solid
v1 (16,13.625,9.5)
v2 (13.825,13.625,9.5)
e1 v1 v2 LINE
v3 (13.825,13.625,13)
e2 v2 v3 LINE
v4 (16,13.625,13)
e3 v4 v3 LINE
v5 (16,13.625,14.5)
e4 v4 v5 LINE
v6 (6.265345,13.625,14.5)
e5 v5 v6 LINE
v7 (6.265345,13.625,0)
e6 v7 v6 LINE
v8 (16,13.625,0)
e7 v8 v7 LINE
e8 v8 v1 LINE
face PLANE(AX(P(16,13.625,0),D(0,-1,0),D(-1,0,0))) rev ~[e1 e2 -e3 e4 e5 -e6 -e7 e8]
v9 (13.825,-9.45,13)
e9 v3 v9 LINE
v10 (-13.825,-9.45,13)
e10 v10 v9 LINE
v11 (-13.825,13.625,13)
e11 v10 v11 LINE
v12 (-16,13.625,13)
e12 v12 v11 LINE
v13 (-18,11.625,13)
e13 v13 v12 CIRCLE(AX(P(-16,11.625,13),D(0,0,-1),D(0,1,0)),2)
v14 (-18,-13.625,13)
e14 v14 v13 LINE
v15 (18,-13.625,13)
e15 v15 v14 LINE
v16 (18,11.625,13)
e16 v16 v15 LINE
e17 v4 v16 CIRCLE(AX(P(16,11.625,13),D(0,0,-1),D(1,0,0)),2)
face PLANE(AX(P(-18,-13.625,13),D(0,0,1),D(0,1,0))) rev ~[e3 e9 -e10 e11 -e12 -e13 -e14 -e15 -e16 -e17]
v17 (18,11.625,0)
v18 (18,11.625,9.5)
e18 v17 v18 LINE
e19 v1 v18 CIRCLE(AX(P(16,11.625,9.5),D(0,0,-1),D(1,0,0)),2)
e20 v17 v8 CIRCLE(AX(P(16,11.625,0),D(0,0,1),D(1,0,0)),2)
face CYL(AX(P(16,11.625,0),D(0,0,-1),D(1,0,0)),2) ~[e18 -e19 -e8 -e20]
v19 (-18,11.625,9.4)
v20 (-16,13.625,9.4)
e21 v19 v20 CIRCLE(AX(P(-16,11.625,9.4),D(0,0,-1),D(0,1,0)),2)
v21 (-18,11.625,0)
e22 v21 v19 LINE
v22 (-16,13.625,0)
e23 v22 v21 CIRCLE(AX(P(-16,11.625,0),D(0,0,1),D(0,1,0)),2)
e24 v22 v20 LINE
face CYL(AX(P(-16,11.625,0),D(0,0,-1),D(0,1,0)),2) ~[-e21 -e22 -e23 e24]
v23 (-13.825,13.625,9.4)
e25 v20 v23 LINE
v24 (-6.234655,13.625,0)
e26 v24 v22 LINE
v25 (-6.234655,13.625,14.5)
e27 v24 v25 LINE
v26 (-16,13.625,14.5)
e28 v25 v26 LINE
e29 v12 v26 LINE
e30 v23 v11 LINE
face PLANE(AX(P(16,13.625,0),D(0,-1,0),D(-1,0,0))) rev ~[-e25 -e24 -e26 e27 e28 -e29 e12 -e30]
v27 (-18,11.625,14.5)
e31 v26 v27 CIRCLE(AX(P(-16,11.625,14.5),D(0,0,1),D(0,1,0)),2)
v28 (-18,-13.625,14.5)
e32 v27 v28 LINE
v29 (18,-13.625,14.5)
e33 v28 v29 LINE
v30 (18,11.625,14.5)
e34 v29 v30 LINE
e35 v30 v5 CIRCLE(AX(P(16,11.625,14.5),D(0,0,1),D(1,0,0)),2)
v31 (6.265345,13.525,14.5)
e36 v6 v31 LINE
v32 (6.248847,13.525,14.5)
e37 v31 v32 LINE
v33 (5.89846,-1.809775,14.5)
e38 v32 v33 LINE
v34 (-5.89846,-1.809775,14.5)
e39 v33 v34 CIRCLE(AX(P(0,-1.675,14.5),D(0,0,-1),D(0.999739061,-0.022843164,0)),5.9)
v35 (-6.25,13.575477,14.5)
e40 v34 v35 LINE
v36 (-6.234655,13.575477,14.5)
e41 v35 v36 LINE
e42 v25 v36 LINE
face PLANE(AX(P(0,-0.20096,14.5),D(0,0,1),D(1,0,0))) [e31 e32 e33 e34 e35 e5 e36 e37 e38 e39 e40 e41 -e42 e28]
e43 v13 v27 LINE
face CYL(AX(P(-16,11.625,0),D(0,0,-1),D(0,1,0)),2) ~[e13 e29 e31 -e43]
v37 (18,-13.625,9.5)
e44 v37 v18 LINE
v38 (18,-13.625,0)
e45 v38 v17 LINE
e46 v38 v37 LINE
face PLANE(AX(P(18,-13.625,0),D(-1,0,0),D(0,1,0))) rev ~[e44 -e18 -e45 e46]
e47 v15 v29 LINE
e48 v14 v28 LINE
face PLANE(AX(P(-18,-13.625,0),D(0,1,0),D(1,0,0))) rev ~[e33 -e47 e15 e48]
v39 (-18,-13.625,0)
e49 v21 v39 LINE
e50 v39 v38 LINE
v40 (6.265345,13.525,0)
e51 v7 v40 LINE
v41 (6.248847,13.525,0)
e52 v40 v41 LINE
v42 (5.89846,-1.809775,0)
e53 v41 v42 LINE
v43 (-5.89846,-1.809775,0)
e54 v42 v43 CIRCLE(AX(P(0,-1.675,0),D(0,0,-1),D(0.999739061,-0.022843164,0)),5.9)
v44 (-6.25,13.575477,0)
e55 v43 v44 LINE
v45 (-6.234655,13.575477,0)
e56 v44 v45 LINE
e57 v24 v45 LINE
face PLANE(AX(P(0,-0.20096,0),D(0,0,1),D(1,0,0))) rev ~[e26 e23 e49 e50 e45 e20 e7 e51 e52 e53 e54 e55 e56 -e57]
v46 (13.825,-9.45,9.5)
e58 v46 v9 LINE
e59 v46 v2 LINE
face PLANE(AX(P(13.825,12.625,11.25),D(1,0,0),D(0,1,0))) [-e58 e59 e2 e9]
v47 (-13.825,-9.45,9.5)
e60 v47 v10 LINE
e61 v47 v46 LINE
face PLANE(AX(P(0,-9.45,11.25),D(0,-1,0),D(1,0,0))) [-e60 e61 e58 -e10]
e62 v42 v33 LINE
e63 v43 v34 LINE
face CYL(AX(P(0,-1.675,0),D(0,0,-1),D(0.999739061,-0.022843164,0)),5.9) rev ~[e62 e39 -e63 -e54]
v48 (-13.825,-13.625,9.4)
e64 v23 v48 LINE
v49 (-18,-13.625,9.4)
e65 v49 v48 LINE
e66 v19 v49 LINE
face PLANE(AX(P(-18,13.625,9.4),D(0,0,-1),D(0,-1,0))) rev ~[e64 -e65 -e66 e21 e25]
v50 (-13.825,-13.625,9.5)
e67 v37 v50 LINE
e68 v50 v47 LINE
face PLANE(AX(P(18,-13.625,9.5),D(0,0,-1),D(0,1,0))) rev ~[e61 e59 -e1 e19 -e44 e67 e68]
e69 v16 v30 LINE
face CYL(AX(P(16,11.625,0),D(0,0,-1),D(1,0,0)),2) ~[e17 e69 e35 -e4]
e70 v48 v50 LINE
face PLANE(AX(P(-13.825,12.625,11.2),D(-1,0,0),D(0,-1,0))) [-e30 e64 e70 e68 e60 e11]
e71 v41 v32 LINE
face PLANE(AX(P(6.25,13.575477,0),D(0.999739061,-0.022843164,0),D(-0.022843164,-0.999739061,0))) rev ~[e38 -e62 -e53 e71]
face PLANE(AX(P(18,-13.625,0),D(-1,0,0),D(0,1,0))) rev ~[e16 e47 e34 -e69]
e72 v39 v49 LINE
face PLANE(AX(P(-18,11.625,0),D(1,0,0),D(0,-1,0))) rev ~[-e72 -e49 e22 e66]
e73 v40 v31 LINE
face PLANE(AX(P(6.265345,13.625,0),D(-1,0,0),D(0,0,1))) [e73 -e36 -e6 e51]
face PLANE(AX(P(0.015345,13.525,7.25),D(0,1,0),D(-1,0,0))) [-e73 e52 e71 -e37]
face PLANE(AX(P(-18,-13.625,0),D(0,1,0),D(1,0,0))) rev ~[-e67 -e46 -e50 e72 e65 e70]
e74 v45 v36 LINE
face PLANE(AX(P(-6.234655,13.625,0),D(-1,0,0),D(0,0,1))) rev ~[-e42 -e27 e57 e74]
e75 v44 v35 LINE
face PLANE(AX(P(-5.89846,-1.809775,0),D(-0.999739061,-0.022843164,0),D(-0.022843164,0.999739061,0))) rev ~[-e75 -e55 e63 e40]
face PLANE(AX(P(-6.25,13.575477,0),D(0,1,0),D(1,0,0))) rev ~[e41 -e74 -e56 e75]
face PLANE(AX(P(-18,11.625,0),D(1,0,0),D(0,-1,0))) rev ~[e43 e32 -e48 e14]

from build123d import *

# Parameters (mm, degrees)
F1_DEPTH = 14.5
F2_W     = 12.5
F2_H     = 14.5
F3_DEPTH = 0.1
F4_W     = 2
F4_H     = 3.5
F4_W_2   = 25.25
F5_DEPTH = 4.175
F6_W     = 2
F6_H     = 3.6
F6_W_2   = 25.25
F7_DEPTH = 4.175
F8_W     = 27.65
F8_H     = 3.5
F9_DEPTH = 4.175


with BuildPart() as f1:
    # F0 (on Top) → F1 (new body)
    with BuildSketch(Plane.XY):
        with BuildLine():
            Line((-18, 11.625), (-18, -13.625))
            Line((-18, -13.625), (18, -13.625))
            Line((18, -13.625), (18, 11.625))
            ThreePointArc((18, 11.625), (17.4142135624, 13.0392135624), (16, 13.625))
            Line((16, 13.625), (-16, 13.625))
            ThreePointArc((-16, 13.625), (-17.4142135624, 13.0392135624), (-18, 11.625))
        make_face()
        with BuildLine():
            ThreePointArc((5.8984604593, -1.8097746648), (0, -7.575), (-5.8984604593, -1.8097746648))
            Line((-5.8984604593, -1.8097746648), (-6.25, 13.5754765943))
            Line((-6.25, 13.5754765943), (6.25, 13.5754765943))
            Line((6.25, 13.5754765943), (5.8984604593, -1.8097746648))
        make_face(mode=Mode.SUBTRACT)
    extrude(amount=F1_DEPTH)

    # F2 (on face) → F3 (cut)
    with BuildSketch(Plane(origin=(0, 13.625, 0), x_dir=(-1, 0, 0), z_dir=(0, 1, 0))):
        with Locations((-0.0153454952, 7.25)):
            Rectangle(F2_W, F2_H)
    extrude(amount=-F3_DEPTH, mode=Mode.SUBTRACT)

    # F4 (on face) → F5 (cut)
    with BuildSketch(Plane.YZ.offset(18)):
        with Locations((12.625, 11.25)):
            Rectangle(F4_W, F4_H)
        with Locations((-1, 11.25)):
            Rectangle(F4_W_2, F4_H)
    extrude(amount=-F5_DEPTH, mode=Mode.SUBTRACT)

    # F6 (on face) → F7 (cut)
    with BuildSketch(Plane(origin=(-18, 0, 0), x_dir=(0, -1, 0), z_dir=(-1, 0, 0))):
        with Locations((-12.625, 11.2)):
            Rectangle(F6_W, F6_H)
        with Locations((1, 11.2)):
            Rectangle(F6_W_2, F6_H)
    extrude(amount=-F7_DEPTH, mode=Mode.SUBTRACT)

    # F8 (on face) → F9 (cut)
    with BuildSketch(Plane.XZ.offset(13.625)):
        with Locations((0, 11.25)):
            Rectangle(F8_W, F8_H)
    extrude(amount=-F9_DEPTH, mode=Mode.SUBTRACT)


solid = f1.part
